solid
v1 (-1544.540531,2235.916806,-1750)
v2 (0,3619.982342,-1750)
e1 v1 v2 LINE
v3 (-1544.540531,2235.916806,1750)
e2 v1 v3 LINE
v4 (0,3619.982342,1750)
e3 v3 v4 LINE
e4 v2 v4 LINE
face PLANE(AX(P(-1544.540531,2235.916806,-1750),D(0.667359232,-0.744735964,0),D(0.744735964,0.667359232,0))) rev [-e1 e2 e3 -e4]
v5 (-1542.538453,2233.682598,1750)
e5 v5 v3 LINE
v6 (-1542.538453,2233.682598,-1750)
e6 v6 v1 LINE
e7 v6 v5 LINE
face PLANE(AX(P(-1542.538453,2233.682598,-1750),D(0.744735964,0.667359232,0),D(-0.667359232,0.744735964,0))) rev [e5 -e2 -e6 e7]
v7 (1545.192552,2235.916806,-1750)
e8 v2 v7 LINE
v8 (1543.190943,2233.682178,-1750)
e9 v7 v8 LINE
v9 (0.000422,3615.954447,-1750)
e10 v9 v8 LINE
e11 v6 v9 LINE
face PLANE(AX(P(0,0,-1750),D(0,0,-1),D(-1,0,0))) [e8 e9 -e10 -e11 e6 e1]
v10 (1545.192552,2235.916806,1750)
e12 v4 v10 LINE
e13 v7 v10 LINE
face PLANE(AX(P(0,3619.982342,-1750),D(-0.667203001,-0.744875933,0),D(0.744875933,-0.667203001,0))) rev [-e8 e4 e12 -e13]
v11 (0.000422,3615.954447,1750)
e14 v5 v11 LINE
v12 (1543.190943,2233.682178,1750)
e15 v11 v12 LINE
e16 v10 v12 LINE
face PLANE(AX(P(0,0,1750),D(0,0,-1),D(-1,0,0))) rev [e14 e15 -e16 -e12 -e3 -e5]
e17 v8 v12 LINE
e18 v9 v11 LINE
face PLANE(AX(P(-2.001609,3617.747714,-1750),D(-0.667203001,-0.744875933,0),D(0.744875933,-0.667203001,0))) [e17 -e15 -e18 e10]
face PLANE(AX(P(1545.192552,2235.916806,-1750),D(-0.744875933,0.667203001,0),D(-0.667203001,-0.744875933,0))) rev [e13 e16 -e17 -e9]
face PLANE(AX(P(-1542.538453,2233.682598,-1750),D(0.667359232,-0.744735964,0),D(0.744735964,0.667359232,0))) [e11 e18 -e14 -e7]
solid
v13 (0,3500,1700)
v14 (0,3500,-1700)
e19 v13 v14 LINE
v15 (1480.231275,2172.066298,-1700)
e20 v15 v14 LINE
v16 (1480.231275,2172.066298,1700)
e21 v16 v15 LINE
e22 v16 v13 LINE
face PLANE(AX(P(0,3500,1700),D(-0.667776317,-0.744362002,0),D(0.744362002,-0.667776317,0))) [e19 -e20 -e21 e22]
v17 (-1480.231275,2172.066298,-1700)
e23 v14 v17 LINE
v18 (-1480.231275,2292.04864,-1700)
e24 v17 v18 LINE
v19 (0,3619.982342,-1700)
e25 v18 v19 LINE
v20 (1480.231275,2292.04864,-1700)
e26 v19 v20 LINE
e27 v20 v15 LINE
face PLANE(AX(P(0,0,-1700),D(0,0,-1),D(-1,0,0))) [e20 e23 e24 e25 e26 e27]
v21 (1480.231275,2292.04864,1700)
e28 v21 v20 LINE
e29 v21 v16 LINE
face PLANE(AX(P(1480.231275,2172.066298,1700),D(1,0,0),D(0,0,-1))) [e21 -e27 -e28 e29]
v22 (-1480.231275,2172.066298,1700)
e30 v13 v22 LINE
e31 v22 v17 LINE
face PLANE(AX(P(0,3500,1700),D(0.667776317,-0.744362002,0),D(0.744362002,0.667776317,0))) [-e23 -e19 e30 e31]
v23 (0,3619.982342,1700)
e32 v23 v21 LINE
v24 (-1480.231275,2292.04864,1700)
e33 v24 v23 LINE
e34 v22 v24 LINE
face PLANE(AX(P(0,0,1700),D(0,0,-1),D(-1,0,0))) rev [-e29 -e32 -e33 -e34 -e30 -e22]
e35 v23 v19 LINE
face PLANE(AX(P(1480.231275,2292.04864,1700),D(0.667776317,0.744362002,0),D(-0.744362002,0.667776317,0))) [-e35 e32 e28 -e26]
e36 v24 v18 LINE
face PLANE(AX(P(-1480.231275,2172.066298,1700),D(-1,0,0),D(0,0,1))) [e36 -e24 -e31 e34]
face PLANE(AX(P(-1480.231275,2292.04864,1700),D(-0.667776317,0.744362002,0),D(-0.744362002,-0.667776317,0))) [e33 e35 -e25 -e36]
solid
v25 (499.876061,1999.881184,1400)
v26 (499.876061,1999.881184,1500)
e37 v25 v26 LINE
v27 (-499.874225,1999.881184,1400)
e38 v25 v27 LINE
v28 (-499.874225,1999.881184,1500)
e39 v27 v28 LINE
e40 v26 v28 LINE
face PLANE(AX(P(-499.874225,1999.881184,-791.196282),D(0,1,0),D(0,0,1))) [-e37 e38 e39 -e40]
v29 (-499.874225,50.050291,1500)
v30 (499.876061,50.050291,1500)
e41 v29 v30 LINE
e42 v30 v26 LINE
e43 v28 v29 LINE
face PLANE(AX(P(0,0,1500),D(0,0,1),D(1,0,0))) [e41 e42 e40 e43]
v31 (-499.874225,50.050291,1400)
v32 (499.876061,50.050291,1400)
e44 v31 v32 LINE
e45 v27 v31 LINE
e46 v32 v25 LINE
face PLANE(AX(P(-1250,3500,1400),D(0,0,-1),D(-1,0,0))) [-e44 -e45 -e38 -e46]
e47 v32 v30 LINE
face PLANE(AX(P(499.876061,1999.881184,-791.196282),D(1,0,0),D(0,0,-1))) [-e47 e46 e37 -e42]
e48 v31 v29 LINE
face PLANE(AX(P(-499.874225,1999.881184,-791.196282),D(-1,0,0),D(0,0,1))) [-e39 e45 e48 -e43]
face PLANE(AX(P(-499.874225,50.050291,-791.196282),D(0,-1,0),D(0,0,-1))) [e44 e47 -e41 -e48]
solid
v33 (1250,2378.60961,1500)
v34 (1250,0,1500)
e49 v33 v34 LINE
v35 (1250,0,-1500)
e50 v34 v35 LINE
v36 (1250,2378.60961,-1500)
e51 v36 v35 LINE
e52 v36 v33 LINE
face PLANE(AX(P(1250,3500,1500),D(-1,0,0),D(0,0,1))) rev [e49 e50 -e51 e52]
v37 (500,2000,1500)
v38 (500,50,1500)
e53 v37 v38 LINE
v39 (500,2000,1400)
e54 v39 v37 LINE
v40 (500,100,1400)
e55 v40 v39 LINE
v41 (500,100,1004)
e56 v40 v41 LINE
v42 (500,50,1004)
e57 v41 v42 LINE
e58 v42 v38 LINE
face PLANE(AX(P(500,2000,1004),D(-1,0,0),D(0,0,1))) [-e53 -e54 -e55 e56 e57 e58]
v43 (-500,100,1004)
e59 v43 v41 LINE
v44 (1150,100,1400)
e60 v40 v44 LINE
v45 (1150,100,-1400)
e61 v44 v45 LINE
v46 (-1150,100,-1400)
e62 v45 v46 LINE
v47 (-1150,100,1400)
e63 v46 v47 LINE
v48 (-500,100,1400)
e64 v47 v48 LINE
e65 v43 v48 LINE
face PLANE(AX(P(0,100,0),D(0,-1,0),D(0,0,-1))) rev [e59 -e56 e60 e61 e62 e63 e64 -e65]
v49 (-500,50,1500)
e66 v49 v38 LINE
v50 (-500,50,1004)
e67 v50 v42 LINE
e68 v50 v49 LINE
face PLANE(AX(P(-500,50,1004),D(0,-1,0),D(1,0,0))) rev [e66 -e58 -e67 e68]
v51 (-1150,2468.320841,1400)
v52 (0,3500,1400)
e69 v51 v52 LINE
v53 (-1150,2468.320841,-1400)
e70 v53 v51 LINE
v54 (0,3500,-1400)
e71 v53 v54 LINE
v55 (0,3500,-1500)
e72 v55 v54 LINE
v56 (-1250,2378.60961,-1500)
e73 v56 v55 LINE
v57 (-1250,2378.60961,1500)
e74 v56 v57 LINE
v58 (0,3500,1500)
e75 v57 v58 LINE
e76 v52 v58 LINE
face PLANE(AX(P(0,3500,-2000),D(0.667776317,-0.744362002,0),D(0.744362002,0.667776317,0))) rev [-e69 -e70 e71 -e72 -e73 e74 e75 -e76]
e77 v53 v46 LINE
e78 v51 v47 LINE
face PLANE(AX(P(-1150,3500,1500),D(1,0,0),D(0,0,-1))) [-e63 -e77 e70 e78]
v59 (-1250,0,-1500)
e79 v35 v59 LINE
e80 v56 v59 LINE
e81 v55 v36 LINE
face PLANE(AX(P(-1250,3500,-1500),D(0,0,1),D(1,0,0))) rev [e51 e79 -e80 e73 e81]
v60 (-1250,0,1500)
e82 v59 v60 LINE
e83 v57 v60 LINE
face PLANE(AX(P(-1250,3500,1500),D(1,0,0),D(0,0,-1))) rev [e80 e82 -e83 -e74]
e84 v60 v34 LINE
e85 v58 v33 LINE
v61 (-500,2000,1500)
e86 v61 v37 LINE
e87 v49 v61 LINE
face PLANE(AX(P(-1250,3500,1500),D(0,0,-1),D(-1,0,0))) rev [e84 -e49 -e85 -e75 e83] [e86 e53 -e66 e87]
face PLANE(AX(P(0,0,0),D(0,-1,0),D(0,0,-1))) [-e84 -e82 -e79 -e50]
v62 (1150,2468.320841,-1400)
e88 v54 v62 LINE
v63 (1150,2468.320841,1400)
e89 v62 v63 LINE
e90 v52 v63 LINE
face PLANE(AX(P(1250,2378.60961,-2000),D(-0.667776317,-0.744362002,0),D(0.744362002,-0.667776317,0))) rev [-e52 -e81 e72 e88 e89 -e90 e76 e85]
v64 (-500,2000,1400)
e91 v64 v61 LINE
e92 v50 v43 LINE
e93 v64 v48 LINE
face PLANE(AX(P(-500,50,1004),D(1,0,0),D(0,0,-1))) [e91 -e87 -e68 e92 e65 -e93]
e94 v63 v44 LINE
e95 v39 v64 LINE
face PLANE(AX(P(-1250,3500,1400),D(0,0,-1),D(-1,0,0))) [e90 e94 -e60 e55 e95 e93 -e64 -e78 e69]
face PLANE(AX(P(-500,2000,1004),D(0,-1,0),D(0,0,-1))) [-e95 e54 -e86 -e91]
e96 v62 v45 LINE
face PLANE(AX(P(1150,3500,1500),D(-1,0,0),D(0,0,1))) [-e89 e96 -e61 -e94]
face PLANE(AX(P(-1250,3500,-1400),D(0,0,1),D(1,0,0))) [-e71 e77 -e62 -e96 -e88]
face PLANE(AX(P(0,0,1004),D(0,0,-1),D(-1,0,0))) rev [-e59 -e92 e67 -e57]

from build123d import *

# Parameters (mm, degrees)
SKETCH1_W                = 2500
SKETCH1_H                = 3000
BOSS_EXTRUDE1_DEPTH      = 3500
CUT_EXTRUDE1_DEPTH       = 3500
SHELL1_T                 = -100
SKETCH3_W                = 1000
SKETCH3_H                = 1950
CUT_EXTRUDE3_DEPTH       = 496
SKETCH4_W                = 999.750286032
SKETCH4_H                = 1949.830893164
BOSS_EXTRUDE2_DEPTH      = 100
BOSS_EXTRUDE3_DEPTH      = 200
BOSS_EXTRUDE3_DEPTH_BACK = 3200
EXTRUDE_THIN1_DEPTH      = 50
EXTRUDE_THIN1_DEPTH_BACK = 3450


with BuildPart() as part:
    # Sketch1 → Boss-Extrude1 (new body)
    with BuildSketch(Plane(origin=(0, 0, 0), x_dir=(1, 0, 0), z_dir=(0, 1, 0))):
        Rectangle(SKETCH1_W, SKETCH1_H)
    extrude(amount=BOSS_EXTRUDE1_DEPTH)

    # Sketch2 → Cut-Extrude1 (cut)
    with BuildSketch(Plane.XY.offset(1500)):
        Polygon((0, 3500), (-1250, 2378.609609687), (-1250, 3819.872542734), (1250, 3819.872542734), (1250, 2378.609609687), align=None)
    extrude(amount=-CUT_EXTRUDE1_DEPTH, mode=Mode.SUBTRACT)

    # Shell1
    shell1_openings = [part.faces().sort_by_distance(p)[0] for p in [
        (625, 2939.304804843, 0),
        (-625, 2939.304804843, 0),
    ]]
    offset(amount=SHELL1_T, openings=shell1_openings, kind=Kind.INTERSECTION)

    # Sketch3 → Cut-Extrude3 (cut)
    with BuildSketch(Plane.XY.offset(1500)):
        with Locations((0, 1025)):
            Rectangle(SKETCH3_W, SKETCH3_H)
    extrude(amount=-CUT_EXTRUDE3_DEPTH, mode=Mode.SUBTRACT)


with BuildPart() as body_2:
    # Sketch4 → Boss-Extrude2 (new body)
    with BuildSketch(Plane.XY.offset(1500)):
        with Locations((0.000917564, 1024.965737465)):
            Rectangle(SKETCH4_W, SKETCH4_H)
    extrude(amount=-BOSS_EXTRUDE2_DEPTH)


with BuildPart() as body_3:
    # Sketch5 → Boss-Extrude3 (new, two sides: drawn at the far end of the back side and taken through both)
    with BuildSketch(Plane(origin=(0, 0, -1500), x_dir=(-1, 0, 0), z_dir=(0, 0, -1)).offset(-BOSS_EXTRUDE3_DEPTH_BACK)):
        Polygon((0, 3500), (-1480.231275032, 2172.066298191), (-1480.231275032, 2292.048640299), (0, 3619.982342108), (1480.231275032, 2292.048640299), (1480.231275032, 2172.066298191), align=None)
    extrude(amount=BOSS_EXTRUDE3_DEPTH + BOSS_EXTRUDE3_DEPTH_BACK)


with BuildPart() as body_4:
    # Sketch6 → Extrude-Thin1 (new, two sides: drawn at the far end of the back side and taken through both)
    with BuildSketch(Plane.XY.offset(1700).offset(-EXTRUDE_THIN1_DEPTH_BACK)):
        Polygon((-1544.54053077, 2235.916805511), (0, 3619.982342108), (1545.192552172, 2235.916805511), (1543.19094317, 2233.682177712), (0.000422446, 3615.954447362), (-1542.538453075, 2233.682597619), align=None)
    extrude(amount=EXTRUDE_THIN1_DEPTH + EXTRUDE_THIN1_DEPTH_BACK)


solid = Compound([part.part, body_2.part, body_3.part, body_4.part])
